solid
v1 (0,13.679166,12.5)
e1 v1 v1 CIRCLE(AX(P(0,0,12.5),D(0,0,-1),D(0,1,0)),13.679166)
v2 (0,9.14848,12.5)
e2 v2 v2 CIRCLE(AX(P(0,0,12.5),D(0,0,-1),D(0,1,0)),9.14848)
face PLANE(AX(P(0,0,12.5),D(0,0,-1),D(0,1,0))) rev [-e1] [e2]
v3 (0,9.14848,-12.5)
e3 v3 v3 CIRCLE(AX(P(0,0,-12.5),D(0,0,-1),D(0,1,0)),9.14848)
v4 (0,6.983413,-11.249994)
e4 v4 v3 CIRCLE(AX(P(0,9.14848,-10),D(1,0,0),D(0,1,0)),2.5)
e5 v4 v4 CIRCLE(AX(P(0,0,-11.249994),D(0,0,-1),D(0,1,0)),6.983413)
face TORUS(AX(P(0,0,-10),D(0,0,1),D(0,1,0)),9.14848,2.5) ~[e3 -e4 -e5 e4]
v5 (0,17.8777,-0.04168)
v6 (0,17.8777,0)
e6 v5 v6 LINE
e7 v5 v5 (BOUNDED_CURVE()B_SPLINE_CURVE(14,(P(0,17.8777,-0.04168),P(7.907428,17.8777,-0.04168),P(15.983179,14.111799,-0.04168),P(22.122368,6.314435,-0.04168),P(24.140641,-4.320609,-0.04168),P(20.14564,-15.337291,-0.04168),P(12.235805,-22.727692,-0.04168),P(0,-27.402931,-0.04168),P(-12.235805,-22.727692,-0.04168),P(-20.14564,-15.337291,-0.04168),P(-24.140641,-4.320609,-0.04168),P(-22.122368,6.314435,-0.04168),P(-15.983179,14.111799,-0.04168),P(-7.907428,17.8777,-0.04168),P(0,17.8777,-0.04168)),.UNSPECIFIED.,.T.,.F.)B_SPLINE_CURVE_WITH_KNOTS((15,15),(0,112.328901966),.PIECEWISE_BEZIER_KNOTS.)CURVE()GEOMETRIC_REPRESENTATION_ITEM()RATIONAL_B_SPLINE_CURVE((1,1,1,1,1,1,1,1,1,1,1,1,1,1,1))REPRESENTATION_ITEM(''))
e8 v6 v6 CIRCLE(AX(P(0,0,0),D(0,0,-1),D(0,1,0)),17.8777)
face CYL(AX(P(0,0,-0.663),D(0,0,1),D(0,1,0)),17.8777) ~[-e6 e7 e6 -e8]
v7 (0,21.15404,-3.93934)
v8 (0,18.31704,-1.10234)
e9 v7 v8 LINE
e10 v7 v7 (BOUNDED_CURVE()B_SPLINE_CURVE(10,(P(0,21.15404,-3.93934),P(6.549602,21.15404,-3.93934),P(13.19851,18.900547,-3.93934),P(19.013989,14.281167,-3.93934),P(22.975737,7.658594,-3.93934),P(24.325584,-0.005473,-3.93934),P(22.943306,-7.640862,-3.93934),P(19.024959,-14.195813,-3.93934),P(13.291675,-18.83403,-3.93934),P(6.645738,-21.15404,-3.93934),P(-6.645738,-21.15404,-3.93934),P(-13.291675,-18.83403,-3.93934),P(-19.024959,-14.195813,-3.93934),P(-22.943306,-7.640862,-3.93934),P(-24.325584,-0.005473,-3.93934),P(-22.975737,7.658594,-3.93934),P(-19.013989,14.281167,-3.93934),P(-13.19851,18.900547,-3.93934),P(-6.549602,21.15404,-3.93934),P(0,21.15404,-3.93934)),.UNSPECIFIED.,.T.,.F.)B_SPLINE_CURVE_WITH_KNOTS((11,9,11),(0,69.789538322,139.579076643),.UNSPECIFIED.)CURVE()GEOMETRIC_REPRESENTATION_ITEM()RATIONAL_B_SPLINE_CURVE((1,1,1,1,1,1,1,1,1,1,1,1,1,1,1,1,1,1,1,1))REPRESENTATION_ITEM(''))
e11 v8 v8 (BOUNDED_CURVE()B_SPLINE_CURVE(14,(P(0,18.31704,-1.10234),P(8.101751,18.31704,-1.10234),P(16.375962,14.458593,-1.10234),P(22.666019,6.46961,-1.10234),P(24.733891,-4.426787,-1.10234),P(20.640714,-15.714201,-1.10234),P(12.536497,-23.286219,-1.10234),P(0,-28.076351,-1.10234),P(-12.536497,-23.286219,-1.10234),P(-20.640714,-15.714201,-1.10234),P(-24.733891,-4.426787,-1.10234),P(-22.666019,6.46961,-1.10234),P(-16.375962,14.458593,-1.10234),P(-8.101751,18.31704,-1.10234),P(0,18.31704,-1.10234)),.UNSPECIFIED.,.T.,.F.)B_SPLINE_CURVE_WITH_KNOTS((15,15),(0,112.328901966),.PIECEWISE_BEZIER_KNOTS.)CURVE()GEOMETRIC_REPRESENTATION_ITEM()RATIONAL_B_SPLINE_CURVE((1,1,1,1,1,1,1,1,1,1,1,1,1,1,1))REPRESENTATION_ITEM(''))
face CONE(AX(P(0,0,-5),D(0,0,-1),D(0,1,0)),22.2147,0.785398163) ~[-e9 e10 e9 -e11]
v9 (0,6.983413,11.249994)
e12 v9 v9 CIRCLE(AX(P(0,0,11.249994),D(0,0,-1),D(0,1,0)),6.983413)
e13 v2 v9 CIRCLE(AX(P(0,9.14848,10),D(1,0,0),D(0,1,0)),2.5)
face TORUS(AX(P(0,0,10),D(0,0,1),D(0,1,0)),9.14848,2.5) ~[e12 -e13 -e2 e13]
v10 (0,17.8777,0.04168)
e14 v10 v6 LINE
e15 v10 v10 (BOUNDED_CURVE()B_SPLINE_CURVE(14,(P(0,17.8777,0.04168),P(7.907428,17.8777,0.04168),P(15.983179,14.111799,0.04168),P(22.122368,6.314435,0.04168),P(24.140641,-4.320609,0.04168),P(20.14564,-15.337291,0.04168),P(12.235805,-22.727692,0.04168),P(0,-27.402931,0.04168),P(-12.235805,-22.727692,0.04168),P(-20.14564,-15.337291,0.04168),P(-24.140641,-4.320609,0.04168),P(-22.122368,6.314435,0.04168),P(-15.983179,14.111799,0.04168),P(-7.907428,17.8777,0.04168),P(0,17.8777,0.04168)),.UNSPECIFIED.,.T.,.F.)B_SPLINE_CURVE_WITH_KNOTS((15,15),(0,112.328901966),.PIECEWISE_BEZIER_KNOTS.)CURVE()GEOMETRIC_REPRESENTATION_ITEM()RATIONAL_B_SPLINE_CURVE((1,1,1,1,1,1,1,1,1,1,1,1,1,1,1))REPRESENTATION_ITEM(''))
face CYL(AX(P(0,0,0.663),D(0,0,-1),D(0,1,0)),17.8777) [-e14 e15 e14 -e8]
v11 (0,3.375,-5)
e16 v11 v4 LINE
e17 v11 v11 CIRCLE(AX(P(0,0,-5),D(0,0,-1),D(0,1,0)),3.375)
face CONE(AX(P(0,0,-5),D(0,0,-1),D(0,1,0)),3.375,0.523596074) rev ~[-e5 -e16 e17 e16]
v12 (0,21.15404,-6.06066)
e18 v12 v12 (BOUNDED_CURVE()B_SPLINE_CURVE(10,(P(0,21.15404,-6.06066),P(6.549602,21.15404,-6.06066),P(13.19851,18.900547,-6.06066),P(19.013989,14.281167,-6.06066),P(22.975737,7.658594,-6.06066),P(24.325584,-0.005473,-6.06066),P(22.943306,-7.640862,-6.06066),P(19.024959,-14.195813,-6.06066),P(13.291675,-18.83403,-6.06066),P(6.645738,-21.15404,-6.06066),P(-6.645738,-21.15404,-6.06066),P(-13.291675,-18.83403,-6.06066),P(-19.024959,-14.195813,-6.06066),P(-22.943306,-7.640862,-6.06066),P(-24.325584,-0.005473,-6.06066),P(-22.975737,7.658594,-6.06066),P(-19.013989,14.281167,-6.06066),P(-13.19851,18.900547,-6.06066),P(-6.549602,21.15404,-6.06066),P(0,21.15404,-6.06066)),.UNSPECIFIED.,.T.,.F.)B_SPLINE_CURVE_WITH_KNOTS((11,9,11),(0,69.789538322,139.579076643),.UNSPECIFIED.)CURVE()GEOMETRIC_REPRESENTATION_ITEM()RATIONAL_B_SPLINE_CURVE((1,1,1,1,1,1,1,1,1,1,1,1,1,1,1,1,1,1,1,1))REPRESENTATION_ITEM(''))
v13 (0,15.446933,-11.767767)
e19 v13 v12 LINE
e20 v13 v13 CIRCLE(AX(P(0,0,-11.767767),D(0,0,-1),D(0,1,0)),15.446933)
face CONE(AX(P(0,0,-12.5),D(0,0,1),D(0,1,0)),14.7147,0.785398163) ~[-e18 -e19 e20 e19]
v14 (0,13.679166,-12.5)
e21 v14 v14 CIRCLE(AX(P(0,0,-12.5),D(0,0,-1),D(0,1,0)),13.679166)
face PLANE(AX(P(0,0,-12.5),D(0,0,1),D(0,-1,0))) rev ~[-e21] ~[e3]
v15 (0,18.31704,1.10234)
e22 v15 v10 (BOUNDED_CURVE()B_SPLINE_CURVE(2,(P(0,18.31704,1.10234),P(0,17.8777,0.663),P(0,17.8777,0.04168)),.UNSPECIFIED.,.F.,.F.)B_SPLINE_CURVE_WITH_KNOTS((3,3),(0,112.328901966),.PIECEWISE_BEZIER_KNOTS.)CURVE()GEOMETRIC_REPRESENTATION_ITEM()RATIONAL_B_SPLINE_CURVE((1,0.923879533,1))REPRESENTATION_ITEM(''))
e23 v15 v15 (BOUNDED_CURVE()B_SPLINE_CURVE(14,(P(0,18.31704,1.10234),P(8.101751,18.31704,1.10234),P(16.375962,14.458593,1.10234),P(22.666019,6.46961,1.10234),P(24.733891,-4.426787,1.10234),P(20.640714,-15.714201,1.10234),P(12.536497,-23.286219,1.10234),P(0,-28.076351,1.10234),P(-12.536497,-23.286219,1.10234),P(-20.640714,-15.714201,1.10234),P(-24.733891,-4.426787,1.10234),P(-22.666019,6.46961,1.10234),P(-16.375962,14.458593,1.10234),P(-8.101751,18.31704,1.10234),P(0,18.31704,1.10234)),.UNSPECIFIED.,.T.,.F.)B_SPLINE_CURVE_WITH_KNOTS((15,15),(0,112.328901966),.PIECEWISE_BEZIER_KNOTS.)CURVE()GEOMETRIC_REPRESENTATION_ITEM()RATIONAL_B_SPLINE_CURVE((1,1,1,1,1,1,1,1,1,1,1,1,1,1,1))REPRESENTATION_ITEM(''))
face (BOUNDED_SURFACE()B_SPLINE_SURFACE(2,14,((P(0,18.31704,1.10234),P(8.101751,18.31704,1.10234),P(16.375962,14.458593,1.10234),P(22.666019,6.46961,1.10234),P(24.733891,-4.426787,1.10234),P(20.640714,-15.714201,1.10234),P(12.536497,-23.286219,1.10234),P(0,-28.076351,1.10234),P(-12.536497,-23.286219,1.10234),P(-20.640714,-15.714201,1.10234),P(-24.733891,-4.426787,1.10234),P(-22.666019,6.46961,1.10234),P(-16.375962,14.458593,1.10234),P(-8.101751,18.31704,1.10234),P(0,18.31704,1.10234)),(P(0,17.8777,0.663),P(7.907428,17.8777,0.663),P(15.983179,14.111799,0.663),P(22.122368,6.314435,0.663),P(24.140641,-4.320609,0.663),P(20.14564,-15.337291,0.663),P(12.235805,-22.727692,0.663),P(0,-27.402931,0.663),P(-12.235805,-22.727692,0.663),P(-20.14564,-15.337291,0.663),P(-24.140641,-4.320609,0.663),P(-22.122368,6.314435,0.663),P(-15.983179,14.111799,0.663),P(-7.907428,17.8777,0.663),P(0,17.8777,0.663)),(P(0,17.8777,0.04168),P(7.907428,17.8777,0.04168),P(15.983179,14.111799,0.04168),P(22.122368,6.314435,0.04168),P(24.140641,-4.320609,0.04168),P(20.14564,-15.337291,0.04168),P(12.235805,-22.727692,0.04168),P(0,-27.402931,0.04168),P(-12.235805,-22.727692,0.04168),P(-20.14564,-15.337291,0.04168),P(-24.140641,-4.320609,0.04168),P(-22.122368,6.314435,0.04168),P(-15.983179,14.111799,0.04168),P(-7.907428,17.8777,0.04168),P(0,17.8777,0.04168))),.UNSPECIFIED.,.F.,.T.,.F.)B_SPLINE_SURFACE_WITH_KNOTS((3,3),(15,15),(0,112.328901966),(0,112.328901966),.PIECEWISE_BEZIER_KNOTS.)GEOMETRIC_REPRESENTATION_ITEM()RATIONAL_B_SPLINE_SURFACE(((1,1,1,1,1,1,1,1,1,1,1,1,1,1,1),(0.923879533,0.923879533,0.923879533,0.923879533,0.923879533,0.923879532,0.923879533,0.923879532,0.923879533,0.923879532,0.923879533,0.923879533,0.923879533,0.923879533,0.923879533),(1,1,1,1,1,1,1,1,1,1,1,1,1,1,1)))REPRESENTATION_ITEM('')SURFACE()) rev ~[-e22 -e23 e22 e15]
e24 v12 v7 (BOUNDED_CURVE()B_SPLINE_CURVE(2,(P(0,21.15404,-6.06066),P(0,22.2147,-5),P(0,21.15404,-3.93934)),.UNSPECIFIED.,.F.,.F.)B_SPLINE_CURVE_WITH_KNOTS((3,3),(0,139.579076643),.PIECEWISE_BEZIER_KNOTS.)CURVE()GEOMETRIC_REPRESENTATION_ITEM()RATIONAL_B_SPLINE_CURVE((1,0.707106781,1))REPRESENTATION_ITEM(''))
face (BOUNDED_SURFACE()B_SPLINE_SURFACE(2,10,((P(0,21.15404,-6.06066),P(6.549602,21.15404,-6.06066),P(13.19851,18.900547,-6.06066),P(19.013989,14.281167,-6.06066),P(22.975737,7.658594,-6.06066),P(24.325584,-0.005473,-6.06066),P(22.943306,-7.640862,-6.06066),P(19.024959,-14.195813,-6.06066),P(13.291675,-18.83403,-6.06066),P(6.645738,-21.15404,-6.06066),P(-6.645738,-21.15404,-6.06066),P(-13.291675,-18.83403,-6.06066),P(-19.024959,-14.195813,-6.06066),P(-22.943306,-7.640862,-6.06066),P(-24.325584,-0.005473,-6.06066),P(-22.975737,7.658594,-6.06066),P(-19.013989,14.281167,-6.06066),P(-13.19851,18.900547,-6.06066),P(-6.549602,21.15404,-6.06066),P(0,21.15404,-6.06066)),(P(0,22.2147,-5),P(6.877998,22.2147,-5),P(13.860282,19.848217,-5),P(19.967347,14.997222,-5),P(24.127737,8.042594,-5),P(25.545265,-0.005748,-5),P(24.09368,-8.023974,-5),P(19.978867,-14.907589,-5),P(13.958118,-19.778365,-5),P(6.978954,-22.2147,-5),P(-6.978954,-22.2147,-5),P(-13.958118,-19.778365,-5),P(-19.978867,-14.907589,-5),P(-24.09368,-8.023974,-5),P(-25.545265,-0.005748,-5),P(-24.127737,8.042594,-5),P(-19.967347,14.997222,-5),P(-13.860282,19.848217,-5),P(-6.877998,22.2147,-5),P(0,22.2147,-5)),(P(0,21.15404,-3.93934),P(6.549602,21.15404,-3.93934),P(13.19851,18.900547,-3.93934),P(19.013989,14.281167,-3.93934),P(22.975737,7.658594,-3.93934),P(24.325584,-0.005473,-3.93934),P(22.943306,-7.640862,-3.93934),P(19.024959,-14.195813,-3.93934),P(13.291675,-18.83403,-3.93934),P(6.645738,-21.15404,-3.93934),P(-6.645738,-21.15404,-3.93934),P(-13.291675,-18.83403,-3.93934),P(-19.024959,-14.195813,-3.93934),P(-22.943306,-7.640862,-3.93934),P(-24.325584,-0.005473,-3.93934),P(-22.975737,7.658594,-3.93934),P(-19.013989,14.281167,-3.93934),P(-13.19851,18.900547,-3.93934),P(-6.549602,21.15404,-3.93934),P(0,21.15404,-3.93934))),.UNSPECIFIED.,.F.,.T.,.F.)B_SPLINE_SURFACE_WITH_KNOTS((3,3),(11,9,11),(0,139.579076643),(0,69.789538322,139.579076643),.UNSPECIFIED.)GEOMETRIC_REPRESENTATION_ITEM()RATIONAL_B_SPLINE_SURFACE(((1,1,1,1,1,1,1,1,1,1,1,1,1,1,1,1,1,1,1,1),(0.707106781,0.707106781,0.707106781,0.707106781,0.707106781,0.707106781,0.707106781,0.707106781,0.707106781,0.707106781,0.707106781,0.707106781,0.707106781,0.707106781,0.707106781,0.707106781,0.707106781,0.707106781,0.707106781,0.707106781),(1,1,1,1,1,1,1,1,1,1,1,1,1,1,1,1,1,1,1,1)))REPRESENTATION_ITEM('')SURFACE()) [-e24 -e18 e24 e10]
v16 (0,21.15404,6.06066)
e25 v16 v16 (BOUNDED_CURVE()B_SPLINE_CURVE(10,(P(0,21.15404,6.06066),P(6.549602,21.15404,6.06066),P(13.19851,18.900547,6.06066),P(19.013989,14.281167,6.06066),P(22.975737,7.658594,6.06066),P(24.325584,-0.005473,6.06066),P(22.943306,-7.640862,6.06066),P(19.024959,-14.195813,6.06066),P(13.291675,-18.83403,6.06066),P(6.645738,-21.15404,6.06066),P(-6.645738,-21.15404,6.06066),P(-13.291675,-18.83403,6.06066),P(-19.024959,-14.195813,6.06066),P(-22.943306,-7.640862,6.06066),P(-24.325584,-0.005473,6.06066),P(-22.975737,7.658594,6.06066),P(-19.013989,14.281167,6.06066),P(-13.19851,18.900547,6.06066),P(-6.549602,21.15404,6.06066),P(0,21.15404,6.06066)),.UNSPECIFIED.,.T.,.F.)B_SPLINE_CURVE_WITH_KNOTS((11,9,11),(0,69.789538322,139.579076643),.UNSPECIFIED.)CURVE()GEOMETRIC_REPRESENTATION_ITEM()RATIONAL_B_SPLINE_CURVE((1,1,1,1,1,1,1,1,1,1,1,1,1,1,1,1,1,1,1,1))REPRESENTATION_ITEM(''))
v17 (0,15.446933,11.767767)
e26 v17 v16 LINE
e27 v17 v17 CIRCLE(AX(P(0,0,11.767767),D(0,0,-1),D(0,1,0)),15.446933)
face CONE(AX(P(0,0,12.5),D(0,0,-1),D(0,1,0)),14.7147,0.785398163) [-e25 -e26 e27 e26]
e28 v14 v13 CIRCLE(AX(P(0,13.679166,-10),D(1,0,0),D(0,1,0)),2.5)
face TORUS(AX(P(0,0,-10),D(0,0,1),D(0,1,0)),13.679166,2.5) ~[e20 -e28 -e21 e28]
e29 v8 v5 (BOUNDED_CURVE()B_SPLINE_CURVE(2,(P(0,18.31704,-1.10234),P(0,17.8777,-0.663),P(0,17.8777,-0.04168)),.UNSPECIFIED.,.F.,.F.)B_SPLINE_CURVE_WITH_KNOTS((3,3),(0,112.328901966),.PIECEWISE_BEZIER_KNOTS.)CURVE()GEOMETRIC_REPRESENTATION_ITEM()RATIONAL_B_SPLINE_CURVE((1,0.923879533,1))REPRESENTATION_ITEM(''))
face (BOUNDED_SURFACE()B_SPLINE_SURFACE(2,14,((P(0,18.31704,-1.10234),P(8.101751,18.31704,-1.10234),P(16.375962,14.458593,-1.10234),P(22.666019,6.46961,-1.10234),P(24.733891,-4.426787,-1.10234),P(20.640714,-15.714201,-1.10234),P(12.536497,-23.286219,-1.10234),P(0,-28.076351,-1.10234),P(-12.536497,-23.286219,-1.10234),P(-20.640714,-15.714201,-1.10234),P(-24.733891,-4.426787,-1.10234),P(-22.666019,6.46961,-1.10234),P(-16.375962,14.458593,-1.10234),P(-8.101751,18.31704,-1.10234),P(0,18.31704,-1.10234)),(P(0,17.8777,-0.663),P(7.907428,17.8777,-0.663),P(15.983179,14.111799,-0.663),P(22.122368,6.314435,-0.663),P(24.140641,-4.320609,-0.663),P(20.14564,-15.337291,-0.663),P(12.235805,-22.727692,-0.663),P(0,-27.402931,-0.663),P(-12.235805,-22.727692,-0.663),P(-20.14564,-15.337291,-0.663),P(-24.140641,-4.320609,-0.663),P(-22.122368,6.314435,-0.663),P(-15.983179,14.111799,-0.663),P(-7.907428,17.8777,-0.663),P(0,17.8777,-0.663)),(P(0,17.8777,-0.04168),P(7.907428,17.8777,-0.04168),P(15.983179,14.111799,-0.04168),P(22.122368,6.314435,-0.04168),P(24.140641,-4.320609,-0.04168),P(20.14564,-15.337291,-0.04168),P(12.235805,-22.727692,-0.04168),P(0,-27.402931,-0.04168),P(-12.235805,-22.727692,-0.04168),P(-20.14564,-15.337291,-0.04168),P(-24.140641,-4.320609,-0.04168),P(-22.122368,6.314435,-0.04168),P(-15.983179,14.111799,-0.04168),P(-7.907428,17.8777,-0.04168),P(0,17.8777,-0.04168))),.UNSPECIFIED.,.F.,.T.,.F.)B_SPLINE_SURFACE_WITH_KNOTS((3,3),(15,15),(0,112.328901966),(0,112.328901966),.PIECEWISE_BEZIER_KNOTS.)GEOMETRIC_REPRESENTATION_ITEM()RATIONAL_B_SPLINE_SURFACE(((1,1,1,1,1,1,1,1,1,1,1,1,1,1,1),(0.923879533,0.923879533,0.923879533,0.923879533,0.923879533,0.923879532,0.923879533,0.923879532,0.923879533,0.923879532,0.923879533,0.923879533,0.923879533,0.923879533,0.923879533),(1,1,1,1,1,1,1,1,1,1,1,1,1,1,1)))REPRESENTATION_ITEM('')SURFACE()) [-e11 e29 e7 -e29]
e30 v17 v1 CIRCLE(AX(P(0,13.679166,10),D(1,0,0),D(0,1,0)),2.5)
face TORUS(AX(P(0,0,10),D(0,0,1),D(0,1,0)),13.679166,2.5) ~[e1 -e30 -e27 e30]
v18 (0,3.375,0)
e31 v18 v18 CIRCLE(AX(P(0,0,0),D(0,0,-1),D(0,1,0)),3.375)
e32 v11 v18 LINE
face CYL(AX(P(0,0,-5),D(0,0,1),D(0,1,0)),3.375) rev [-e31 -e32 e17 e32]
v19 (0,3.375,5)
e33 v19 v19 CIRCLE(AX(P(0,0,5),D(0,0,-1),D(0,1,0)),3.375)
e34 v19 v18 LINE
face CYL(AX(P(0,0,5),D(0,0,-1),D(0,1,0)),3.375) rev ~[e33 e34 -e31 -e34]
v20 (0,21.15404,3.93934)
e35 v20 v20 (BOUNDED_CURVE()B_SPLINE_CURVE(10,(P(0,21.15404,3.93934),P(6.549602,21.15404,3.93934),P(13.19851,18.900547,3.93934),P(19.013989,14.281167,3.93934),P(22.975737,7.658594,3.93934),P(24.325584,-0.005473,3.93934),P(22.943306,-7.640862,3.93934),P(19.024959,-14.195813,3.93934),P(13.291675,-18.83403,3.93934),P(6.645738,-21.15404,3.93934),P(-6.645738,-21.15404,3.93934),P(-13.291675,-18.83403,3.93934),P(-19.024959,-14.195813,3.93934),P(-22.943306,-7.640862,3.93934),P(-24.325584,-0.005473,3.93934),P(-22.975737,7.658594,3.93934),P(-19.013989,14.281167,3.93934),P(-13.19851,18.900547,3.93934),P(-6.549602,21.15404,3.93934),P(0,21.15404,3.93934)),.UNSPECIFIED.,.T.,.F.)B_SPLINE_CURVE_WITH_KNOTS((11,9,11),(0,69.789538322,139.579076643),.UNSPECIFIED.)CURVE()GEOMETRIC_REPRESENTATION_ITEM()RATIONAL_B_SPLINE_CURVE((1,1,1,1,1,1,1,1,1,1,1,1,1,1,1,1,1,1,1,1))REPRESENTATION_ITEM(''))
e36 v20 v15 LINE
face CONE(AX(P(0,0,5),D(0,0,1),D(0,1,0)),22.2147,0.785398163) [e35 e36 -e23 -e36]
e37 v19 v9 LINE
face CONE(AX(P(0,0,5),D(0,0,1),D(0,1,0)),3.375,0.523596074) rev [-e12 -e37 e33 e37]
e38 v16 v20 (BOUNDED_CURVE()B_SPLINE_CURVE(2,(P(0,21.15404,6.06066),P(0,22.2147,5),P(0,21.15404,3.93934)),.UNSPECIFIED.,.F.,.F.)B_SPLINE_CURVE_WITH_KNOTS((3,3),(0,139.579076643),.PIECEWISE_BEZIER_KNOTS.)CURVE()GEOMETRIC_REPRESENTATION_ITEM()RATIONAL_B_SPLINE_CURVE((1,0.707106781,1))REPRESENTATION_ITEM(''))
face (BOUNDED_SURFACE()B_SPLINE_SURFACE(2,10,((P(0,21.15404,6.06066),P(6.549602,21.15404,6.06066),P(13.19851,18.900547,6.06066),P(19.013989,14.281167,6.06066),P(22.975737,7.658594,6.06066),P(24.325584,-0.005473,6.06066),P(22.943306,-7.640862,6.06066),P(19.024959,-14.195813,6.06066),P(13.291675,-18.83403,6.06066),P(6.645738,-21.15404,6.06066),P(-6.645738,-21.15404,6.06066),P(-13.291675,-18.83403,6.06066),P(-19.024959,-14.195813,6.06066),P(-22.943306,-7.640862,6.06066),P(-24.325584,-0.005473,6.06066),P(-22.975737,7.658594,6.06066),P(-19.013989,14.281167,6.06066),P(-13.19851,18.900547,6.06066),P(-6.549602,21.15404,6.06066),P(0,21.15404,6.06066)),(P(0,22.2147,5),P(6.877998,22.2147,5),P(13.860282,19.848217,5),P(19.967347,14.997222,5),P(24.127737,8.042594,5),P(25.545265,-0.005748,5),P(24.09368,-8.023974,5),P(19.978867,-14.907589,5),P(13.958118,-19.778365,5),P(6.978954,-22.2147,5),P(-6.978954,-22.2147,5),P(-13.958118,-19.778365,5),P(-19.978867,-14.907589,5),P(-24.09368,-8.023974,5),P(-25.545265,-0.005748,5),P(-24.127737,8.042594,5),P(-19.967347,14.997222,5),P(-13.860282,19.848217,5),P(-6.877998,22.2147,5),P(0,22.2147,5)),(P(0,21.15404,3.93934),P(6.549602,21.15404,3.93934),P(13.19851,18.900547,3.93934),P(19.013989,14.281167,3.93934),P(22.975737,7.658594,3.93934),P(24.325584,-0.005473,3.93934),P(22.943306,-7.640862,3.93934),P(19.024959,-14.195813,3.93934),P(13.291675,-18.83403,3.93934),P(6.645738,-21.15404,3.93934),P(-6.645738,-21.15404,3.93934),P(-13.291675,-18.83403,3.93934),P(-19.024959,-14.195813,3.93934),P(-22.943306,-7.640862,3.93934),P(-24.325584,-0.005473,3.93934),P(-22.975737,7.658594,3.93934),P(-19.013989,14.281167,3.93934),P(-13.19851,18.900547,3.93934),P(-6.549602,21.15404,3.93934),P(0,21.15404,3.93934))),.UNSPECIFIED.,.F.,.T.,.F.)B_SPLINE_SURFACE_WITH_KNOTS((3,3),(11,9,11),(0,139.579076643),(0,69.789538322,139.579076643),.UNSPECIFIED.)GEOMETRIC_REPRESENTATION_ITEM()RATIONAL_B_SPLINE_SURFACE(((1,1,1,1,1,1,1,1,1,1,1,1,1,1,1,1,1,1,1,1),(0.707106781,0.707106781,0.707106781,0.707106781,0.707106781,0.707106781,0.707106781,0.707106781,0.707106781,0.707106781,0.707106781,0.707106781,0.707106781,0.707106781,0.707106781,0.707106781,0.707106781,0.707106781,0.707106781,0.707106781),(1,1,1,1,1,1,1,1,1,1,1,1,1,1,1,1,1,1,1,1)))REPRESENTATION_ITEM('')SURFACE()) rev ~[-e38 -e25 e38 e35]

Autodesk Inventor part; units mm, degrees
ref_plane "YZ Plane" through (0, 0, 0) normal (1, 0, 0) x (0, 1, 0)
ref_plane "XZ Plane" through (0, 0, 0) normal (0, 1, 0) x (-1, 0, 0)
ref_plane "XY Plane" through (0, 0, 0) normal (0, 0, 1) x (1, 0, 0)
sketch "Sketch1" plane through (0, 0, 0) normal (1, 0, 0) x (0, 1, 0)
  line L0 (-4.4429, 0) -> (26.6577, 0) projected
  line L1 (0, 15.6393) -> (0, -6.3359) construction
  line L2 (3.375, 0) -> (3.375, -3.1966) construction
  line L3 (3.375, 5) -> (7.7051, 12.5)
  line L4 (7.7051, 12.5) -> (14.7147, 12.5)
  line L5 (14.7147, 12.5) -> (22.2147, 5)
  line L6 (22.2147, 5) -> (17.8777, 0.663)
  line L7 (17.8777, 0.663) -> (17.8777, 0)
  line L8 (3.375, 5) -> (3.375, 0)
  line L9 (3.375, 0) -> (17.8777, 0)
  point P0 (0, 0)
  dimension "d0" = 3.375
  dimension "d1" = 45
  dimension "d2" = 30
  dimension "d3" = 45
  dimension "d8" = 12.5
  dimension "d11" = 5
revolve "Revolution1" add sketch "Sketch1" angle 360 about axis through (0, 0, 0) along (0, 0, -1)
mirror "Mirror1" about plane through (0, 3.375, 0) normal (0, 0, -1) of "Revolution1"
fillet "Fillet1" radius 1.5 4 edges at (0, -22.2147, 5) (0, -22.2147, -5) (0, -17.8777, 0.663) (0, -17.8777, -0.663)
fillet "Fillet2" radius 2.5 4 edges at (0, -7.7051, 12.5) (0, -14.7147, 12.5) (0, -7.7051, -12.5) (0, -14.7147, -12.5)
properties part number "VertebraeSimple2"
